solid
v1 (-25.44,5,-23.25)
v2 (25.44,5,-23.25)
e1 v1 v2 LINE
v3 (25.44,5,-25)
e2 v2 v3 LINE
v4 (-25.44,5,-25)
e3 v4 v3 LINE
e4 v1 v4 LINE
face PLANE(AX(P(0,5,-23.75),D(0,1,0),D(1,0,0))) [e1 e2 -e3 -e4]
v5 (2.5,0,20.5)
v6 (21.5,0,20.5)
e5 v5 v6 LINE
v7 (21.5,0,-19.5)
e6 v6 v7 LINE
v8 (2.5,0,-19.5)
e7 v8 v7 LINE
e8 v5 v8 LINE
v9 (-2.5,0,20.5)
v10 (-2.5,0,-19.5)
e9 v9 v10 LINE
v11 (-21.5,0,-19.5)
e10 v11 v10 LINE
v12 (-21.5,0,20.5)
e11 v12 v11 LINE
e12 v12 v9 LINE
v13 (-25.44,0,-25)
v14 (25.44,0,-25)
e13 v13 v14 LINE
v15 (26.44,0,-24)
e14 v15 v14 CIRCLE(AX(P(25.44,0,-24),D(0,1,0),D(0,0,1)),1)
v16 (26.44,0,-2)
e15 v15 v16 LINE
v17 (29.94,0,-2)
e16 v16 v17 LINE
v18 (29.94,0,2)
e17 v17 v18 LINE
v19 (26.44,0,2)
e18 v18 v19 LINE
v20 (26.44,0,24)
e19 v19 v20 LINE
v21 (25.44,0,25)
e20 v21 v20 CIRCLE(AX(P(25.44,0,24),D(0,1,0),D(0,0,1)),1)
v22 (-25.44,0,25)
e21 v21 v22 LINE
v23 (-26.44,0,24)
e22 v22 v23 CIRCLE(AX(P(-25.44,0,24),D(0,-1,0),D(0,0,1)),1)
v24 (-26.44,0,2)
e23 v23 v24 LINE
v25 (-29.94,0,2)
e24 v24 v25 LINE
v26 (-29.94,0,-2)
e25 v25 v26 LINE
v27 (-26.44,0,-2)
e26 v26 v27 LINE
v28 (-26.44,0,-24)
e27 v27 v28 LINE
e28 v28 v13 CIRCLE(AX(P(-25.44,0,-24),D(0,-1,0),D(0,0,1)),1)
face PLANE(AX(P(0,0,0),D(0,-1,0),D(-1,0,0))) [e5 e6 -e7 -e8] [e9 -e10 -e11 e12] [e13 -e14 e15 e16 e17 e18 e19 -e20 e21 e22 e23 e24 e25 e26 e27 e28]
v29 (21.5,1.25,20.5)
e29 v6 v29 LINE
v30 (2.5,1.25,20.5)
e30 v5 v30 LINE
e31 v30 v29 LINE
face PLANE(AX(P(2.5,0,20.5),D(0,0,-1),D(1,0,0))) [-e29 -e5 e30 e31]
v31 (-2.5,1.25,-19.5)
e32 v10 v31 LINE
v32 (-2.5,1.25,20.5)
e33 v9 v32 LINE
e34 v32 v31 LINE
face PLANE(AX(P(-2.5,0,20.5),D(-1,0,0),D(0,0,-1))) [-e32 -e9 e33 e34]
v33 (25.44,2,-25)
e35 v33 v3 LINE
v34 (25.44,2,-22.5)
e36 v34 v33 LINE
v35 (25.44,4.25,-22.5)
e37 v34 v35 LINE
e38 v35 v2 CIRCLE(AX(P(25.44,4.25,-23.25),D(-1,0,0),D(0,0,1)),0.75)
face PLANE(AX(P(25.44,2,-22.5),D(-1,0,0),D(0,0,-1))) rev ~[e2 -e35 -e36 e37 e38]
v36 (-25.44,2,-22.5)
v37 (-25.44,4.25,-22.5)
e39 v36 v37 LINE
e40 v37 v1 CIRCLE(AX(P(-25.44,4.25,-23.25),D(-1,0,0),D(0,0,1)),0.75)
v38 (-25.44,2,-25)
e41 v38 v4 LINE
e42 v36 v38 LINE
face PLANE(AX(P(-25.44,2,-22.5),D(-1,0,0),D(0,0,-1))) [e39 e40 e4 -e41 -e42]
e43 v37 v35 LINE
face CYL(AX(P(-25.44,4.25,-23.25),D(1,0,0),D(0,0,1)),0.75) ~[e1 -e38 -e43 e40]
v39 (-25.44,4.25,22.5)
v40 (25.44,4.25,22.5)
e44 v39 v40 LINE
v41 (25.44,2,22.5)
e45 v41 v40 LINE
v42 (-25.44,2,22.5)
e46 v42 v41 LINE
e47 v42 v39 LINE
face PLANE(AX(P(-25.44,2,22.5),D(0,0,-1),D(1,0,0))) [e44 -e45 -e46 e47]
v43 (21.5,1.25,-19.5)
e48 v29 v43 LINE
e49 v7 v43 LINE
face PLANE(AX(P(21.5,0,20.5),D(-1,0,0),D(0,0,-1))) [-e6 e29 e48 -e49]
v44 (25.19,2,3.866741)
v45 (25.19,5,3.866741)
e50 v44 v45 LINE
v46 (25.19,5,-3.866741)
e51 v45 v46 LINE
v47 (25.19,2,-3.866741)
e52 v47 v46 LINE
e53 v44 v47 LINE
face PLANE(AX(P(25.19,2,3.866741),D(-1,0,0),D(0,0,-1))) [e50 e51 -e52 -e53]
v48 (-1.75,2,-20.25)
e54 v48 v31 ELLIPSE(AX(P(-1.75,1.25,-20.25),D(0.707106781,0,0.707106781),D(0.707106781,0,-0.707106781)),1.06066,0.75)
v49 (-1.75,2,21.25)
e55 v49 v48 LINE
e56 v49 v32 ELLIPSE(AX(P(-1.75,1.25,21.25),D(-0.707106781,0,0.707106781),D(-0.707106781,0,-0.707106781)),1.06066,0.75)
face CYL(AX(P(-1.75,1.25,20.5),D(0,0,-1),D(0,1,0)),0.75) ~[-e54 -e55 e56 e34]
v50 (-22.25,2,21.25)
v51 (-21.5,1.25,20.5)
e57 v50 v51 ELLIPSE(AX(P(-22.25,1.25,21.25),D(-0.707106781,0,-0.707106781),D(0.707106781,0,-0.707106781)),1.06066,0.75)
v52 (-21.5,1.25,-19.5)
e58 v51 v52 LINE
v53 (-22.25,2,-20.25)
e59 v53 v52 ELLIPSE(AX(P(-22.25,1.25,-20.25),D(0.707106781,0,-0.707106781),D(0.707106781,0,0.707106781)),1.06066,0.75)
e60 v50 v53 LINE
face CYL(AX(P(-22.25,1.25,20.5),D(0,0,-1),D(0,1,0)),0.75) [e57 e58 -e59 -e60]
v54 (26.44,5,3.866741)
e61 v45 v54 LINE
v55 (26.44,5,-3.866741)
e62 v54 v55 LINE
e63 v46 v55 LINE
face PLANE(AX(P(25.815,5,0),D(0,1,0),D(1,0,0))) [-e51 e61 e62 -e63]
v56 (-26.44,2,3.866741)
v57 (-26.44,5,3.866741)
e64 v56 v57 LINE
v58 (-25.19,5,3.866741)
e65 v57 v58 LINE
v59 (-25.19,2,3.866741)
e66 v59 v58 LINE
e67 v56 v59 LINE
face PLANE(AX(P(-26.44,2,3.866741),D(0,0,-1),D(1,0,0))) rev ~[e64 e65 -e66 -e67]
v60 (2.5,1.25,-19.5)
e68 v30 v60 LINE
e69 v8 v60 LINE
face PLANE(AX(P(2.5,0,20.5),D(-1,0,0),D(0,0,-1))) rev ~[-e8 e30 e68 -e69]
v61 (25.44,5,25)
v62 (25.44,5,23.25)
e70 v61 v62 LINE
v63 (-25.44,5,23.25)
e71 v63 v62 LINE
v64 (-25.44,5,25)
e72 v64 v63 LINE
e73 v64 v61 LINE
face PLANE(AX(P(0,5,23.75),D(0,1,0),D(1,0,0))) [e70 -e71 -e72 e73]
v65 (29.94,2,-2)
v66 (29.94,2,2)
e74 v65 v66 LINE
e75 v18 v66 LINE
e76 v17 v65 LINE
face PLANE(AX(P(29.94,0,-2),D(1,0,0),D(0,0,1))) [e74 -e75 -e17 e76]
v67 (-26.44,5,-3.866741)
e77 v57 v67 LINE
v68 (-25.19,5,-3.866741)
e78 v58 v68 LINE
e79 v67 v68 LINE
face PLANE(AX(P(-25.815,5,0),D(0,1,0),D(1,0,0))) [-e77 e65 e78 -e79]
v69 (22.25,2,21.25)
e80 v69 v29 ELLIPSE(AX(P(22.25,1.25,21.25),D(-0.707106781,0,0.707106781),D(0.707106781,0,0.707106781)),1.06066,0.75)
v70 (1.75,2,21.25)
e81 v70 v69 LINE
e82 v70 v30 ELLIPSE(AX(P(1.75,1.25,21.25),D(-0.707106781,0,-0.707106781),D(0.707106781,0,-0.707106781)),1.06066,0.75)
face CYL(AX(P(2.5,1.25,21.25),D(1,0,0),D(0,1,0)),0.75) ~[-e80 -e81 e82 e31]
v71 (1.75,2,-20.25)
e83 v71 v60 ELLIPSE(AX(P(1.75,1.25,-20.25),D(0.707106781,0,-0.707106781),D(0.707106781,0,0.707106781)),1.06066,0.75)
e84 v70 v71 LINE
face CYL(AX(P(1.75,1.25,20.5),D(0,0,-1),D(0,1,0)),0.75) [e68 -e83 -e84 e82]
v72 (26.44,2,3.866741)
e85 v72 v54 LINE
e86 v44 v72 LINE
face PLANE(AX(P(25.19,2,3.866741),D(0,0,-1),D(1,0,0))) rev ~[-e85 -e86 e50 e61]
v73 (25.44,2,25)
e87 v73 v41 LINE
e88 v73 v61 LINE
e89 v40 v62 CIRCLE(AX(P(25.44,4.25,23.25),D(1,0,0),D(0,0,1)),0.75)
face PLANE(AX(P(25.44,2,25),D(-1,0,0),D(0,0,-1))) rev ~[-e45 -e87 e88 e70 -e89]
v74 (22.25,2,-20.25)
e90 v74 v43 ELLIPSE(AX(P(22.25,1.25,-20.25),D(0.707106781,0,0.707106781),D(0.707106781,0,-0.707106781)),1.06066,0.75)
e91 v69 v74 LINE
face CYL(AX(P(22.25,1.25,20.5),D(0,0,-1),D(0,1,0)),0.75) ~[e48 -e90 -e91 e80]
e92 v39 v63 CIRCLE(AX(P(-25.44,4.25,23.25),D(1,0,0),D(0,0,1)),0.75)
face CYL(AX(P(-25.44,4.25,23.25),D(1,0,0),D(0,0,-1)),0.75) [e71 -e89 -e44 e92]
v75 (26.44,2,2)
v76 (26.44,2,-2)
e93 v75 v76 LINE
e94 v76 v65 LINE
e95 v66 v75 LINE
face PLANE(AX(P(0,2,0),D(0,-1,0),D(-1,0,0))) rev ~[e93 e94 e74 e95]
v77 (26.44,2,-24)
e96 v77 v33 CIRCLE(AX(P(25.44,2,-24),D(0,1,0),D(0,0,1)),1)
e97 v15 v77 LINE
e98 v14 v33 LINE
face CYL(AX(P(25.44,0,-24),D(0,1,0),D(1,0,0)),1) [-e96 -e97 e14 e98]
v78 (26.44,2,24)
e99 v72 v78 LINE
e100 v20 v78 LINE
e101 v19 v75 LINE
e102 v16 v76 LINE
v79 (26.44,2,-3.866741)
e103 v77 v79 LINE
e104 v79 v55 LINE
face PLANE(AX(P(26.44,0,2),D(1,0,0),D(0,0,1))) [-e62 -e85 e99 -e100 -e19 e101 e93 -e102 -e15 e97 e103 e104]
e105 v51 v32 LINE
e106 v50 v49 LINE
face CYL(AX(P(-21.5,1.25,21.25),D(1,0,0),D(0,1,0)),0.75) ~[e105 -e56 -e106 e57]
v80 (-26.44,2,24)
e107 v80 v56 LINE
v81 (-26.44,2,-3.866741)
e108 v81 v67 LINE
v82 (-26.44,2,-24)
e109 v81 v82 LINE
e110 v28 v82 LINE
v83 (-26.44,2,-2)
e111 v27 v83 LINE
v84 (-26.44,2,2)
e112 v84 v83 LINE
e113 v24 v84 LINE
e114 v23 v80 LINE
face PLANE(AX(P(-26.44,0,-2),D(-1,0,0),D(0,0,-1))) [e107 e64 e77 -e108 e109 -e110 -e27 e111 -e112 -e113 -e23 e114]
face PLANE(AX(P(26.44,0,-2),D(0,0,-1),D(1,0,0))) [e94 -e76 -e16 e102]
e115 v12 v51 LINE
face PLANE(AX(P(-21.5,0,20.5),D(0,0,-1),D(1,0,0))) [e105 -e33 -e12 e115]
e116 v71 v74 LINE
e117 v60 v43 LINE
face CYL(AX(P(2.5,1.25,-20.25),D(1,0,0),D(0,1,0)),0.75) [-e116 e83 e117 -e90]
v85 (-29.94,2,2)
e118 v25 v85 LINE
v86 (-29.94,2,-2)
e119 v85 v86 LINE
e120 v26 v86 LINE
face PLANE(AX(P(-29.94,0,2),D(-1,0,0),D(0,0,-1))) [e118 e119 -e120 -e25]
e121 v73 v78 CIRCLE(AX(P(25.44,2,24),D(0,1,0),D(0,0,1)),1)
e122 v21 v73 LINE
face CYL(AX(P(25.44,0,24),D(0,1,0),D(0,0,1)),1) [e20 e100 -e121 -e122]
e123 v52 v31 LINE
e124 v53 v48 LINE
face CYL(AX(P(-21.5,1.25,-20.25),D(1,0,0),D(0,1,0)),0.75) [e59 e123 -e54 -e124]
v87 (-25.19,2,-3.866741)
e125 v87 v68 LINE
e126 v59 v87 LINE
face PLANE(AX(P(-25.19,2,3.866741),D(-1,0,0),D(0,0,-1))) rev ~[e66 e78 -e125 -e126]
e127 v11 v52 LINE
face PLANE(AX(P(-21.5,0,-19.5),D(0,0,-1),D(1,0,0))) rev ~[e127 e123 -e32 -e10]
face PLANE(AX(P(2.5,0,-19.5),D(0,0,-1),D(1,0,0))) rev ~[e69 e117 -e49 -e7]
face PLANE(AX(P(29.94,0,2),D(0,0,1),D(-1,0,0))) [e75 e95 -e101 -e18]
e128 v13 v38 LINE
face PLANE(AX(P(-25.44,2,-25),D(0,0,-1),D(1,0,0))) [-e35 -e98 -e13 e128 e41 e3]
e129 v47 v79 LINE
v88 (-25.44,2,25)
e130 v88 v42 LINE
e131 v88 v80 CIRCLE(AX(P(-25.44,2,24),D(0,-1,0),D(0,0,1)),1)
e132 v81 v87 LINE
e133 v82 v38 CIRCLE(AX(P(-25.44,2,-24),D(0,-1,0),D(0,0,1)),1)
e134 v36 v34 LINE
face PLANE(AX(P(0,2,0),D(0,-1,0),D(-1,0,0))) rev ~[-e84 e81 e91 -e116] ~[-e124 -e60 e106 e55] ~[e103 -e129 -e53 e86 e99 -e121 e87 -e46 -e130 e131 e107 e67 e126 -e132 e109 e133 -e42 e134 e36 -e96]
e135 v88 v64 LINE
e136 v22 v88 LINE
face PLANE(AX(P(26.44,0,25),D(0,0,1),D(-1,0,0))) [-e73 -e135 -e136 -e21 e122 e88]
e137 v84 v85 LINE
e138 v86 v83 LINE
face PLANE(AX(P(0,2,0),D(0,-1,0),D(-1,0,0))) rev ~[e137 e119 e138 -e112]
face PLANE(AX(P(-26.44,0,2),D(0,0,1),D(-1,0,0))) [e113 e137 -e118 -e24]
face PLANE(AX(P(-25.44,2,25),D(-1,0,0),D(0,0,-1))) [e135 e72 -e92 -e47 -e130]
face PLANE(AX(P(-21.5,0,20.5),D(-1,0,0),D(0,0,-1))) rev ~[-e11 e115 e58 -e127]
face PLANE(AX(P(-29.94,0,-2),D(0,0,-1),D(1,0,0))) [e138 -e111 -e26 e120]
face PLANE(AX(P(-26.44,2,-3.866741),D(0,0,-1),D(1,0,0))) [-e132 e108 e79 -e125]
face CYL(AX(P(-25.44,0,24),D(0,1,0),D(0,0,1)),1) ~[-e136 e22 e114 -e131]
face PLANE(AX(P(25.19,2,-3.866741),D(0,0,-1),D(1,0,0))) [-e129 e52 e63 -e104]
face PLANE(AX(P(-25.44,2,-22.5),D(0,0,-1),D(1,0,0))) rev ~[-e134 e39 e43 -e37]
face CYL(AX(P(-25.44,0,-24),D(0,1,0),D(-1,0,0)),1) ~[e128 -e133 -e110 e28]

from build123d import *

# Parameters (mm, degrees)
CROQUIS1_W              = 19
CROQUIS1_H              = 40
SALIENTE_EXTRUIR1_DEPTH = 2
REDONDEO1_R             = 1
CROQUIS2_W              = 50.88
CROQUIS2_H              = 2.5
CROQUIS2_W_2            = 1.25
CROQUIS2_H_2            = 7.733481074
SALIENTE_EXTRUIR2_DEPTH = 3
REDONDEO2_R             = 0.75


with BuildPart() as part:
    # Croquis1 → Saliente-Extruir1 (new body)
    with BuildSketch(Plane(origin=(0, 0, 0), x_dir=(1, 0, 0), z_dir=(0, 1, 0))):
        Polygon((26.44, -25), (-26.44, -25), (-26.44, -2), (-29.94, -2), (-29.94, 2), (-26.44, 2), (-26.44, 25), (26.44, 25), (26.44, 2), (29.94, 2), (29.94, -2), (26.44, -2), align=None)
        with Locations((12, -0.5)):
            Rectangle(CROQUIS1_W, CROQUIS1_H, mode=Mode.SUBTRACT)
        with Locations((-12, -0.5)):
            Rectangle(CROQUIS1_W, CROQUIS1_H, mode=Mode.SUBTRACT)
    extrude(amount=SALIENTE_EXTRUIR1_DEPTH)

    # Redondeo1
    redondeo1_edges = [part.edges().sort_by_distance(p)[0] for p in [
        (-26.44, 1, -25),
        (26.44, 1, -25),
        (26.44, 1, 25),
        (-26.44, 1, 25),
    ]]
    fillet(redondeo1_edges, radius=REDONDEO1_R)

    # Croquis2 → Saliente-Extruir2 (add)
    with BuildSketch(Plane(origin=(0, 2, 0), x_dir=(1, 0, 0), z_dir=(0, 1, 0))):
        with Locations((0, 23.75)):
            Rectangle(CROQUIS2_W, CROQUIS2_H)
        with Locations((0, -23.75)):
            Rectangle(CROQUIS2_W, CROQUIS2_H)
        with Locations((-25.815, 0)):
            Rectangle(CROQUIS2_W_2, CROQUIS2_H_2)
        with Locations((25.815, 0)):
            Rectangle(CROQUIS2_W_2, CROQUIS2_H_2)
    extrude(amount=SALIENTE_EXTRUIR2_DEPTH)

    # Redondeo2
    redondeo2_edges = [part.edges().sort_by_distance(p)[0] for p in [
        (0, 5, 22.5),
        (-2.5, 2, 0.5),
        (-12, 2, -19.5),
        (-21.5, 2, 0.5),
        (-12, 2, 20.5),
        (12, 2, 20.5),
        (21.5, 2, 0.5),
        (12, 2, -19.5),
        (2.5, 2, 0.5),
        (0, 5, -22.5),
    ]]
    fillet(redondeo2_edges, radius=REDONDEO2_R)


solid = part.part
